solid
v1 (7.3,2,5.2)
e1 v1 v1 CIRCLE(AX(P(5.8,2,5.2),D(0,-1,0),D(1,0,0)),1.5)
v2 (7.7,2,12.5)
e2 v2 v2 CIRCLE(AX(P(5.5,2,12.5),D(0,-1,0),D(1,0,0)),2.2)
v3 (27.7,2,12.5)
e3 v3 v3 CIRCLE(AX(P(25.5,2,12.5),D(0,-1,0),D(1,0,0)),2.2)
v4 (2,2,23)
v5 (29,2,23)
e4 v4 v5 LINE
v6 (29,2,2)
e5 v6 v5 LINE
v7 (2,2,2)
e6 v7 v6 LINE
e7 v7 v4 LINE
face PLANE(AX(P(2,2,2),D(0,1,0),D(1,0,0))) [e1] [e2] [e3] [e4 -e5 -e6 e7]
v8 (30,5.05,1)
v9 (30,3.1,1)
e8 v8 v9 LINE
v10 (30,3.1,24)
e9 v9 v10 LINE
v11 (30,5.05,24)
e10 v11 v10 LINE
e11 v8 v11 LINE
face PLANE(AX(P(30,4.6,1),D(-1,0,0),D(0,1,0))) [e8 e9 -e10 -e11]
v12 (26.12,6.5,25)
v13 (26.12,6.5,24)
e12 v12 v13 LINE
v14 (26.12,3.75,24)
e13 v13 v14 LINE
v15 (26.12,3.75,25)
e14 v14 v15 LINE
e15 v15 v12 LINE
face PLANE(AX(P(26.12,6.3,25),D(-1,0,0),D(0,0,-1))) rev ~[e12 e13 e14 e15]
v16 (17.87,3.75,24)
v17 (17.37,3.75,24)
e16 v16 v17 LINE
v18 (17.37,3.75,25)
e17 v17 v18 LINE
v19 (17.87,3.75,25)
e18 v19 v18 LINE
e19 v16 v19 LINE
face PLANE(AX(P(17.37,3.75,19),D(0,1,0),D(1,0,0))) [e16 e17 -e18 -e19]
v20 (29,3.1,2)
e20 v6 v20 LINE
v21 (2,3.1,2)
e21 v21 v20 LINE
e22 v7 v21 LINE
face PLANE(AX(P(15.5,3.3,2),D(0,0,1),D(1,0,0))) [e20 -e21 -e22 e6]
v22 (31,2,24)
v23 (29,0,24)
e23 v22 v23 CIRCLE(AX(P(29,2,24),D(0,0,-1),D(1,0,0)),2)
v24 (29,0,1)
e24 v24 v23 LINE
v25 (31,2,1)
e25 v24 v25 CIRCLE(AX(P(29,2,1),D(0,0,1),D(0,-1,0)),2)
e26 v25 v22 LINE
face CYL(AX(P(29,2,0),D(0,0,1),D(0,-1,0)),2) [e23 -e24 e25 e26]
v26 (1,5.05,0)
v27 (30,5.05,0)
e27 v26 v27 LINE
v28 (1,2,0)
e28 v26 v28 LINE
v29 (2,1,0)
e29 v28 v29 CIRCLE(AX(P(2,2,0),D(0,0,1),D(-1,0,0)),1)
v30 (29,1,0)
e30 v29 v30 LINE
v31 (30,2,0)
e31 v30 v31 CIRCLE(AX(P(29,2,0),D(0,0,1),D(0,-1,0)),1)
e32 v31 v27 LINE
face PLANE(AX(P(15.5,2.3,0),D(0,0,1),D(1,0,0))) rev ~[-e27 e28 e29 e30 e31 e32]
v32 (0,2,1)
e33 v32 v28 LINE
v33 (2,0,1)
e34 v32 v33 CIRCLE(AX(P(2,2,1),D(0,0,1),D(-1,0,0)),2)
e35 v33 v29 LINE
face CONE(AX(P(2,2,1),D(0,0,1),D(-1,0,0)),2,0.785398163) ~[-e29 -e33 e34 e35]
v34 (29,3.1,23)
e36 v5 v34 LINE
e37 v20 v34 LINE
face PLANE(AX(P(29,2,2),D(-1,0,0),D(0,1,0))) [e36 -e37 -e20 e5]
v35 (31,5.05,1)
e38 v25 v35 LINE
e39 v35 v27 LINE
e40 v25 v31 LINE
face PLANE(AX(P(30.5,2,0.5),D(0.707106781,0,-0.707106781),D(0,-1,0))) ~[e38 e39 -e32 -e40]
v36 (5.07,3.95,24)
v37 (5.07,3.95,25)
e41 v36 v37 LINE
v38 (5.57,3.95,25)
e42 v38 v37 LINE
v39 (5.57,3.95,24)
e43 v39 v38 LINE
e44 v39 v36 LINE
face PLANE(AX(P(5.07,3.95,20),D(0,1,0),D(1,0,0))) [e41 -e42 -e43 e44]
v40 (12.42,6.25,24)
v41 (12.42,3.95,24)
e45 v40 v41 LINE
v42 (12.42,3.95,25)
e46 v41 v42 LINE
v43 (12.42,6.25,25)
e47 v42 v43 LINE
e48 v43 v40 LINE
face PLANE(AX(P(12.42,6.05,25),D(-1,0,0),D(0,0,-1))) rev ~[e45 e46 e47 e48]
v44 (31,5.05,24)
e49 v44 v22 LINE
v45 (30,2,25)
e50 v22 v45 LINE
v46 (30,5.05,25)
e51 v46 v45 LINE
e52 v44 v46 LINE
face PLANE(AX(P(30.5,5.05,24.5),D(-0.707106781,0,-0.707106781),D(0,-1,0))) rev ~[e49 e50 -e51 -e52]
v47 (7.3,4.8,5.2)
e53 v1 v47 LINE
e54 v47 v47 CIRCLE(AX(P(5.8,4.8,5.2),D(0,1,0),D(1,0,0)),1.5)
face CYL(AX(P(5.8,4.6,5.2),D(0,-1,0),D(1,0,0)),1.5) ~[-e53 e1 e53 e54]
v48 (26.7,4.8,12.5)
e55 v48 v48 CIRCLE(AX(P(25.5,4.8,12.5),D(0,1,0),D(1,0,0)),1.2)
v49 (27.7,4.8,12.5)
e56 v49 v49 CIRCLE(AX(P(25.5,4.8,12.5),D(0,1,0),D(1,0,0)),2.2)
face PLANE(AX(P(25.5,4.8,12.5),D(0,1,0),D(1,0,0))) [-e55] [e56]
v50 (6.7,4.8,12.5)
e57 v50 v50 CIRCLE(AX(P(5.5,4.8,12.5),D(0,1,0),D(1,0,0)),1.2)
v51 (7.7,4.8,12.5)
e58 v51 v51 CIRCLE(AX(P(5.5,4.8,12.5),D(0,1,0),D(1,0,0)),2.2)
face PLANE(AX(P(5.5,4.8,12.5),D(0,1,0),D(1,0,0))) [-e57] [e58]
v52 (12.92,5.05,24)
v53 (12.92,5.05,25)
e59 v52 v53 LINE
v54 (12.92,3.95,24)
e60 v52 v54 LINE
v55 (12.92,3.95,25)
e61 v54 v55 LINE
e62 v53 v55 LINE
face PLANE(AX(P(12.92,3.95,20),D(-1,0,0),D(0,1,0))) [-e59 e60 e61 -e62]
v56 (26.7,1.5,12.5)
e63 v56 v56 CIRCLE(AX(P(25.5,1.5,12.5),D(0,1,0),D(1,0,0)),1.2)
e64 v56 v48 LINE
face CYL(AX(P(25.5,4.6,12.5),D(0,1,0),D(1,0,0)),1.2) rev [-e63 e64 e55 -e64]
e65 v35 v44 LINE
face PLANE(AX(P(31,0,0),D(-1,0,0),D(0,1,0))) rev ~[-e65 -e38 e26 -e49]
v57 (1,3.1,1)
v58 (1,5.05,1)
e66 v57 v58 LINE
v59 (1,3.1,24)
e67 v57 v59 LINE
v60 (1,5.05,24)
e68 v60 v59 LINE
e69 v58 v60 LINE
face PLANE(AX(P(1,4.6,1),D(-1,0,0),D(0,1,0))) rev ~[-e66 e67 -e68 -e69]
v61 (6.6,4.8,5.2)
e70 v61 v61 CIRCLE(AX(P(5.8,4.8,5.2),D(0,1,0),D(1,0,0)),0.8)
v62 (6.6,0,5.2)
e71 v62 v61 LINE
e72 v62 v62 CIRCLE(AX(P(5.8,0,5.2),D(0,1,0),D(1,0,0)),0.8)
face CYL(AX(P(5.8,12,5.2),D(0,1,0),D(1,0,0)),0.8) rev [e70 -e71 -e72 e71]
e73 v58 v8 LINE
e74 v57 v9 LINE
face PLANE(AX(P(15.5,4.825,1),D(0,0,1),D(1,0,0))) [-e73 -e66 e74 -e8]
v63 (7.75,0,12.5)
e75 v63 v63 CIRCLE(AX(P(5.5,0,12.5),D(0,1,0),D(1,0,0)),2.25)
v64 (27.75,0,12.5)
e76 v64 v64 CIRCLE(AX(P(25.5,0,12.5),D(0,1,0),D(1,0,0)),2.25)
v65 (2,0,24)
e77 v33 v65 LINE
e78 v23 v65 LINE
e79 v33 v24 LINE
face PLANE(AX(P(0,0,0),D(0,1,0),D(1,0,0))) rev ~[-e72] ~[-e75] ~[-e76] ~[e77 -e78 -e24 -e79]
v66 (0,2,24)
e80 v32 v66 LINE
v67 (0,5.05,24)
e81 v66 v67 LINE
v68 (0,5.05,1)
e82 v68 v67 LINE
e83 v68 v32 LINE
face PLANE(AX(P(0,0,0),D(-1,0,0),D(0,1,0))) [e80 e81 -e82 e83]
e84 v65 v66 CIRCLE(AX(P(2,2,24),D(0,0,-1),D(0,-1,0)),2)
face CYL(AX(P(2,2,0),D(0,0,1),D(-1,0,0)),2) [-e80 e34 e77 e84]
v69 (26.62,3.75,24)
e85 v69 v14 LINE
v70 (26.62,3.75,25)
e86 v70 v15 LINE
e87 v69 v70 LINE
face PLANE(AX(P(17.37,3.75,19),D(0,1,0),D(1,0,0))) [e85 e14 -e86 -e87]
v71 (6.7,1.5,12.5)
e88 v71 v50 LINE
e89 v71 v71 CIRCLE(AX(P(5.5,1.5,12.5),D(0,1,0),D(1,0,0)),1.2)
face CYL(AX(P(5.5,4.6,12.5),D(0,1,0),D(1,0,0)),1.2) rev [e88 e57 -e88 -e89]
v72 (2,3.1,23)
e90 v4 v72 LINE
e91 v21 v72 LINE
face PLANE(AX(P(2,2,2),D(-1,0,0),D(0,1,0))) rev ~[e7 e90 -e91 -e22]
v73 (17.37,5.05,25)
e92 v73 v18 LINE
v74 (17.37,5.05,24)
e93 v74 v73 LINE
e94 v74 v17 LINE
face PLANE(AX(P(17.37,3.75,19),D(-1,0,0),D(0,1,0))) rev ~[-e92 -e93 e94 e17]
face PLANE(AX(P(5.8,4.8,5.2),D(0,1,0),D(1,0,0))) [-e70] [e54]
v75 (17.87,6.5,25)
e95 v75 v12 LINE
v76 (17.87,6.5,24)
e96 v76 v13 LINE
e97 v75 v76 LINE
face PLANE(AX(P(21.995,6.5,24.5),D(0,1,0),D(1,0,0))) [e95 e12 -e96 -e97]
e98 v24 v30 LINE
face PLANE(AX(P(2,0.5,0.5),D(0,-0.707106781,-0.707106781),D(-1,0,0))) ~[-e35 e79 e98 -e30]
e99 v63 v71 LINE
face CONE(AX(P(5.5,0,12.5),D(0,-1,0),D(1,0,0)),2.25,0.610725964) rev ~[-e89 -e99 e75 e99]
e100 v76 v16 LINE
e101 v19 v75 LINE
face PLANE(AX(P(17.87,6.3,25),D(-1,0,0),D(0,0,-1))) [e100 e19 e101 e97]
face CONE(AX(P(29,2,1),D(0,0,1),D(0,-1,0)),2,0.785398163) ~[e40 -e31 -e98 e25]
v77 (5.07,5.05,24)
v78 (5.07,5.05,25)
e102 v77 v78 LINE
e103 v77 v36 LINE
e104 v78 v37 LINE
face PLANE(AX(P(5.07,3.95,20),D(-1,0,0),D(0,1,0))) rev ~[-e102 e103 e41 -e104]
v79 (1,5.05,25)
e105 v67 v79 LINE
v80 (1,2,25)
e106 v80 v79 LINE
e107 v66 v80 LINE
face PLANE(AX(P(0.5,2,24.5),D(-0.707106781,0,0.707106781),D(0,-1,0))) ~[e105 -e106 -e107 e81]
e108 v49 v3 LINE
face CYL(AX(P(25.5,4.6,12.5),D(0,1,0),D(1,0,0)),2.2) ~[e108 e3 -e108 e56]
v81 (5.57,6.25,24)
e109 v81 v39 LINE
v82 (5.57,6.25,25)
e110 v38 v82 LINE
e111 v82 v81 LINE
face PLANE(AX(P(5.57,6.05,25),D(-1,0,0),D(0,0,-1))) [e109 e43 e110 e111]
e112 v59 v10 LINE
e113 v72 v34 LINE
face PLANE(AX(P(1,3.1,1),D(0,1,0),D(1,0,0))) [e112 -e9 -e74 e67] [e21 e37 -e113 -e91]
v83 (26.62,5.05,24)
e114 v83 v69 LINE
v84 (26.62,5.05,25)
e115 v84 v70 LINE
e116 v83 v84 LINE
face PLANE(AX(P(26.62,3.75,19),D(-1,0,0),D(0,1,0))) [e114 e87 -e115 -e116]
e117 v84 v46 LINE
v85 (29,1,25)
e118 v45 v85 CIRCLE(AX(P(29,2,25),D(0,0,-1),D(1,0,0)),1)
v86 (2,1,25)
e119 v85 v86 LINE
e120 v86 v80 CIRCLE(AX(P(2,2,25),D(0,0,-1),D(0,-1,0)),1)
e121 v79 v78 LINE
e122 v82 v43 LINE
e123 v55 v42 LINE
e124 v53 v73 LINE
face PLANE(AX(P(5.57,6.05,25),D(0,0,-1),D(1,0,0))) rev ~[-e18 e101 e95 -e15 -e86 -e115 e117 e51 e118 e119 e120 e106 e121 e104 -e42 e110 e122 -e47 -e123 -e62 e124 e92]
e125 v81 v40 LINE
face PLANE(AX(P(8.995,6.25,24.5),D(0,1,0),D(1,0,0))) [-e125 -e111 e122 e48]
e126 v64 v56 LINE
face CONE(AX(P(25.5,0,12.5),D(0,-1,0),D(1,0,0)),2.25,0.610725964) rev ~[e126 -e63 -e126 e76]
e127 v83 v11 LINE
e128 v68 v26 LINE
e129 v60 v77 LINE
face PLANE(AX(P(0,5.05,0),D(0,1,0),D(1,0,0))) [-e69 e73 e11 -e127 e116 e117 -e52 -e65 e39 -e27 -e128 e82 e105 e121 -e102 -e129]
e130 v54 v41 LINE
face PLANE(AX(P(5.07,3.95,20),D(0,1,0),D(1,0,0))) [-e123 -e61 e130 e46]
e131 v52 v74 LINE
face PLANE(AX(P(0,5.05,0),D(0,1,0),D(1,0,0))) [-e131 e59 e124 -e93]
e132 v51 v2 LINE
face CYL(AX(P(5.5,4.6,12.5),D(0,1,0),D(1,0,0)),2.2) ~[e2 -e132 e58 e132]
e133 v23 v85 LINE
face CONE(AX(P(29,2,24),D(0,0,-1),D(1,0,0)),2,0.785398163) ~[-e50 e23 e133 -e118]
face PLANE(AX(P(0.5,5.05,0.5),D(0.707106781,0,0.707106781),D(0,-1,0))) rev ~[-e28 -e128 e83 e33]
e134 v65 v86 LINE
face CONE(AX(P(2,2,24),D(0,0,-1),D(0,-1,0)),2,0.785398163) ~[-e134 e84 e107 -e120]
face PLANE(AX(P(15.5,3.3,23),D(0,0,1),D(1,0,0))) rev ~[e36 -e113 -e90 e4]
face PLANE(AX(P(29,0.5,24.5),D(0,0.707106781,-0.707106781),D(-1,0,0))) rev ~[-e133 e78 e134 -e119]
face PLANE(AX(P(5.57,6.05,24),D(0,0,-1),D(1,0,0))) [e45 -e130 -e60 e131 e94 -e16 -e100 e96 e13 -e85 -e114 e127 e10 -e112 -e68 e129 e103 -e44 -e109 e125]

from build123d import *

# Parameters (mm, degrees)
FACE004_W          = 8.25
FACE004_H          = 1
EXTRUSION003_DEPTH = 0.2
FACE005_W          = 6.85
FACE005_H          = 1
EXTRUSION004_DEPTH = 0.2
BOX008_W           = 8.25
BOX008_H           = 2.55
BOX008_DEPTH       = 1
BOX009_W           = 6.85
BOX009_H           = 2.1
BOX009_DEPTH       = 1
BOX007_W           = 7.85
BOX007_H           = 2.1
BOX007_DEPTH       = 10
BOX006_W           = 9.25
BOX006_H           = 2.55
BOX006_DEPTH       = 10
BOX003_W           = 27
BOX003_H           = 1.5
BOX003_DEPTH       = 21
BOX002_W           = 29
BOX002_H           = 1.5
BOX002_DEPTH       = 23
CYLINDER004_R      = 0.8
CYLINDER004_DEPTH  = 20.6
CYLINDER002_R      = 1.2
CYLINDER002_DEPTH  = 10.6
CYLINDER001_R      = 1.2
CYLINDER001_DEPTH  = 10.6
CYLINDER003_R      = 2.2
CYLINDER003_DEPTH  = 2.6
BOX001_W           = 27
BOX001_H           = 2.6
BOX001_DEPTH       = 21
BOX_W              = 31
BOX_H              = 4.6
BOX_DEPTH          = 25
CYLINDER_R         = 2.2
CYLINDER_DEPTH     = 2.6
CYLINDER005_R      = 1.5
CYLINDER005_DEPTH  = 2.6
BOX005_W           = 29
BOX005_H           = 0.45
BOX005_DEPTH       = 23
BOX004_W           = 31
BOX004_H           = 0.45
BOX004_DEPTH       = 25
FILLET_R           = 2
CHAMFER_SIZE       = 1
FACE001_R          = 2.2
FACE001_R_2        = 1.2
EXTRUSION001_DEPTH = 0.2
FACE003_R          = 1.5
FACE003_R_2        = 0.8
EXTRUSION002_DEPTH = 0.2
FACE_R             = 2.2
FACE_R_2           = 1.2
EXTRUSION_DEPTH    = 0.2


with BuildPart() as extrusion003:
    # Face004 → Extrusion003 (new body)
    with BuildSketch(Plane(origin=(21.995, 6.3, 24.5), x_dir=(1, 0, 0), z_dir=(0, 1, 0))):
        Rectangle(FACE004_W, FACE004_H)
    extrude(amount=EXTRUSION003_DEPTH)


with BuildPart() as extrusion004:
    # Face005 → Extrusion004 (new body)
    with BuildSketch(Plane(origin=(8.995, 6.05, 24.5), x_dir=(1, 0, 0), z_dir=(0, 1, 0))):
        Rectangle(FACE005_W, FACE005_H)
    extrude(amount=EXTRUSION004_DEPTH)


with BuildPart() as typec_cutoff:
    # Box008 → Box008 (new body)
    with BuildSketch(Plane(origin=(17.87, 3.75, 24), x_dir=(1, 0, 0), z_dir=(0, 0, 1))):
        with Locations((4.125, 1.275)):
            Rectangle(BOX008_W, BOX008_H)
    extrude(amount=BOX008_DEPTH)


with BuildPart() as micro_cutoff:
    # Box009 → Box009 (new body)
    with BuildSketch(Plane(origin=(5.57, 3.95, 24), x_dir=(1, 0, 0), z_dir=(0, 0, 1))):
        with Locations((3.425, 1.05)):
            Rectangle(BOX009_W, BOX009_H)
    extrude(amount=BOX009_DEPTH)


with BuildPart() as countersunkleft:
    # Cone → Cone (revolve)
    with BuildSketch(Plane(origin=(5.5, 0, 12.5), x_dir=(1, 0, 0), z_dir=(0, 0, 1))):
        Polygon((0, 0), (2.25, 0), (1.2, 1.5), (0, 1.5), align=None)
    revolve(axis=Axis((5.5, 0, 12.5), (0, 1, 0)))


with BuildPart() as countersunk:
    # Cone001 → Cone001 (revolve)
    with BuildSketch(Plane(origin=(25.5, 0, 12.5), x_dir=(1, 0, 0), z_dir=(0, 0, 1))):
        Polygon((0, 0), (2.25, 0), (1.2, 1.5), (0, 1.5), align=None)
    revolve(axis=Axis((25.5, 0, 12.5), (0, 1, 0)))

    # Fusion005: union counterSunkLeft
    add(countersunkleft.part)


with BuildPart() as micro_cutout:
    # Box007 → Box007 (new body)
    with BuildSketch(Plane(origin=(5.07, 3.95, 20), x_dir=(1, 0, 0), z_dir=(0, 0, 1))):
        with Locations((3.925, 1.05)):
            Rectangle(BOX007_W, BOX007_H)
    extrude(amount=BOX007_DEPTH)


with BuildPart() as connector_cutouts:
    # Box006 → Box006 (new body)
    with BuildSketch(Plane(origin=(17.37, 3.75, 19), x_dir=(1, 0, 0), z_dir=(0, 0, 1))):
        with Locations((4.625, 1.275)):
            Rectangle(BOX006_W, BOX006_H)
    extrude(amount=BOX006_DEPTH)

    # Fusion006: union Micro_cutout
    add(micro_cutout.part)


with BuildPart() as cube001:
    # Box003 → Box003 (new body)
    with BuildSketch(Plane(origin=(2, 3.1, 2), x_dir=(1, 0, 0), z_dir=(0, 0, 1))):
        with Locations((13.5, 0.75)):
            Rectangle(BOX003_W, BOX003_H)
    extrude(amount=BOX003_DEPTH)


with BuildPart() as cut004:
    # Box002 → Box002 (new body)
    with BuildSketch(Plane(origin=(1, 3.1, 1), x_dir=(1, 0, 0), z_dir=(0, 0, 1))):
        with Locations((14.5, 0.75)):
            Rectangle(BOX002_W, BOX002_H)
    extrude(amount=BOX002_DEPTH)

    # Cut004: cut Cube001
    add(cube001.part, mode=Mode.SUBTRACT)


with BuildPart() as bootloaderhole:
    # Cylinder004 → Cylinder004 (new body)
    with BuildSketch(Plane(origin=(5.8, 12, 5.2), x_dir=(1, 0, 0), z_dir=(0, -1, 0))):
        Circle(CYLINDER004_R)
    extrude(amount=CYLINDER004_DEPTH)


with BuildPart() as pcbholderhole001:
    # Cylinder002 → Cylinder002 (new body)
    with BuildSketch(Plane(origin=(5.5, 4.6, 12.5), x_dir=(1, 0, 0), z_dir=(0, -1, 0))):
        Circle(CYLINDER002_R)
    extrude(amount=CYLINDER002_DEPTH)


with BuildPart() as pcbholes:
    # Cylinder001 → Cylinder001 (new body)
    with BuildSketch(Plane(origin=(25.5, 4.6, 12.5), x_dir=(1, 0, 0), z_dir=(0, -1, 0))):
        Circle(CYLINDER001_R)
    extrude(amount=CYLINDER001_DEPTH)

    # Fusion001: union pcbHolderHole001
    add(pcbholderhole001.part)


with BuildPart() as pcbholder001:
    # Cylinder003 → Cylinder003 (new body)
    with BuildSketch(Plane(origin=(5.5, 4.6, 12.5), x_dir=(1, 0, 0), z_dir=(0, -1, 0))):
        Circle(CYLINDER003_R)
    extrude(amount=CYLINDER003_DEPTH)


with BuildPart() as innercut:
    # Box001 → Box001 (new body)
    with BuildSketch(Plane(origin=(2, 2, 2), x_dir=(1, 0, 0), z_dir=(0, 0, 1))):
        with Locations((13.5, 1.3)):
            Rectangle(BOX001_W, BOX001_H)
    extrude(amount=BOX001_DEPTH)


with BuildPart() as cut:
    # Box → Box (new body)
    with BuildSketch(Plane.XY):
        with Locations((15.5, 2.3)):
            Rectangle(BOX_W, BOX_H)
    extrude(amount=BOX_DEPTH)

    # Cut: cut innerCut
    add(innercut.part, mode=Mode.SUBTRACT)


with BuildPart() as casewithholes:
    # Cylinder → Cylinder (new body)
    with BuildSketch(Plane(origin=(25.5, 4.6, 12.5), x_dir=(1, 0, 0), z_dir=(0, -1, 0))):
        Circle(CYLINDER_R)
    extrude(amount=CYLINDER_DEPTH)

    # Fusion: union pcbHolder001, Cut
    add(pcbholder001.part)
    add(cut.part)

    # Cut001: cut pcbHoles
    add(pcbholes.part, mode=Mode.SUBTRACT)


with BuildPart() as cut009:
    # Cylinder005 → Cylinder005 (new body)
    with BuildSketch(Plane(origin=(5.8, 4.6, 5.2), x_dir=(1, 0, 0), z_dir=(0, -1, 0))):
        Circle(CYLINDER005_R)
    extrude(amount=CYLINDER005_DEPTH)

    # Fusion002: union caseWithHoles
    add(casewithholes.part)

    # Cut002: cut bootloaderHole
    add(bootloaderhole.part, mode=Mode.SUBTRACT)

    # Cut009: cut Cut004
    add(cut004.part, mode=Mode.SUBTRACT)


with BuildPart() as cube003:
    # Box005 → Box005 (new body)
    with BuildSketch(Plane(origin=(1, 4.6, 1), x_dir=(1, 0, 0), z_dir=(0, 0, 1))):
        with Locations((14.5, 0.225)):
            Rectangle(BOX005_W, BOX005_H)
    extrude(amount=BOX005_DEPTH)


with BuildPart() as chamfer_body:
    # Box004 → Box004 (new body)
    with BuildSketch(Plane(origin=(0, 4.6, 0), x_dir=(1, 0, 0), z_dir=(0, 0, 1))):
        with Locations((15.5, 0.225)):
            Rectangle(BOX004_W, BOX004_H)
    extrude(amount=BOX004_DEPTH)

    # Cut006: cut Cube003
    add(cube003.part, mode=Mode.SUBTRACT)

    # Fusion004: union Cut009
    add(cut009.part)

    # Cut010: cut connector_cutouts
    add(connector_cutouts.part, mode=Mode.SUBTRACT)

    # Cut011: cut counterSunk
    add(countersunk.part, mode=Mode.SUBTRACT)

    # Fusion007: union TypeC_cutoff, Micro_cutoff
    add(typec_cutoff.part)
    add(micro_cutoff.part)

    # Fillet
    fillet_edges = [chamfer_body.edges().sort_by_distance(p)[0] for p in [
        (0, 0, 12.5),
        (31, 0, 12.5),
    ]]
    fillet(fillet_edges, radius=FILLET_R)

    # Chamfer
    chamfer_edges = [chamfer_body.edges().sort_by_distance(p)[0] for p in [
        (0, 3.3, 25),
        (0, 3.3, 0),
        (0.585786, 0.585786, 25),
        (15.5, 0, 25),
        (30.414214, 0.585786, 25),
        (31, 3.3, 25),
        (0.585786, 0.585786, 0),
        (0, 4.825, 25),
        (0, 4.825, 0),
        (15.5, 0, 0),
        (31, 3.3, 0),
        (30.414214, 0.585786, 0),
        (31, 4.825, 25),
        (31, 4.825, 0),
    ]]
    chamfer(chamfer_edges, length=CHAMFER_SIZE)


with BuildPart() as extrusion001:
    # Face001 → Extrusion001 (new body)
    with BuildSketch(Plane(origin=(5.5, 4.6, 12.5), x_dir=(1, 0, 0), z_dir=(0, 1, 0))):
        Circle(FACE001_R)
        Circle(FACE001_R_2, mode=Mode.SUBTRACT)
    extrude(amount=EXTRUSION001_DEPTH)


with BuildPart() as extrusion002:
    # Face003 → Extrusion002 (new body)
    with BuildSketch(Plane(origin=(5.8, 4.6, 5.2), x_dir=(1, 0, 0), z_dir=(0, 1, 0))):
        Circle(FACE003_R)
        Circle(FACE003_R_2, mode=Mode.SUBTRACT)
    extrude(amount=EXTRUSION002_DEPTH)


with BuildPart() as fusion010:
    # Face → Extrusion (new body)
    with BuildSketch(Plane(origin=(25.5, 4.6, 12.5), x_dir=(1, 0, 0), z_dir=(0, 1, 0))):
        Circle(FACE_R)
        Circle(FACE_R_2, mode=Mode.SUBTRACT)
    extrude(amount=EXTRUSION_DEPTH)

    # Fusion008: union Extrusion001, Extrusion002
    add(extrusion001.part)
    add(extrusion002.part)

    # Fusion009: union Chamfer body
    add(chamfer_body.part)

    # Fusion010: union Extrusion003, Extrusion004
    add(extrusion003.part)
    add(extrusion004.part)


solid = fusion010.part
